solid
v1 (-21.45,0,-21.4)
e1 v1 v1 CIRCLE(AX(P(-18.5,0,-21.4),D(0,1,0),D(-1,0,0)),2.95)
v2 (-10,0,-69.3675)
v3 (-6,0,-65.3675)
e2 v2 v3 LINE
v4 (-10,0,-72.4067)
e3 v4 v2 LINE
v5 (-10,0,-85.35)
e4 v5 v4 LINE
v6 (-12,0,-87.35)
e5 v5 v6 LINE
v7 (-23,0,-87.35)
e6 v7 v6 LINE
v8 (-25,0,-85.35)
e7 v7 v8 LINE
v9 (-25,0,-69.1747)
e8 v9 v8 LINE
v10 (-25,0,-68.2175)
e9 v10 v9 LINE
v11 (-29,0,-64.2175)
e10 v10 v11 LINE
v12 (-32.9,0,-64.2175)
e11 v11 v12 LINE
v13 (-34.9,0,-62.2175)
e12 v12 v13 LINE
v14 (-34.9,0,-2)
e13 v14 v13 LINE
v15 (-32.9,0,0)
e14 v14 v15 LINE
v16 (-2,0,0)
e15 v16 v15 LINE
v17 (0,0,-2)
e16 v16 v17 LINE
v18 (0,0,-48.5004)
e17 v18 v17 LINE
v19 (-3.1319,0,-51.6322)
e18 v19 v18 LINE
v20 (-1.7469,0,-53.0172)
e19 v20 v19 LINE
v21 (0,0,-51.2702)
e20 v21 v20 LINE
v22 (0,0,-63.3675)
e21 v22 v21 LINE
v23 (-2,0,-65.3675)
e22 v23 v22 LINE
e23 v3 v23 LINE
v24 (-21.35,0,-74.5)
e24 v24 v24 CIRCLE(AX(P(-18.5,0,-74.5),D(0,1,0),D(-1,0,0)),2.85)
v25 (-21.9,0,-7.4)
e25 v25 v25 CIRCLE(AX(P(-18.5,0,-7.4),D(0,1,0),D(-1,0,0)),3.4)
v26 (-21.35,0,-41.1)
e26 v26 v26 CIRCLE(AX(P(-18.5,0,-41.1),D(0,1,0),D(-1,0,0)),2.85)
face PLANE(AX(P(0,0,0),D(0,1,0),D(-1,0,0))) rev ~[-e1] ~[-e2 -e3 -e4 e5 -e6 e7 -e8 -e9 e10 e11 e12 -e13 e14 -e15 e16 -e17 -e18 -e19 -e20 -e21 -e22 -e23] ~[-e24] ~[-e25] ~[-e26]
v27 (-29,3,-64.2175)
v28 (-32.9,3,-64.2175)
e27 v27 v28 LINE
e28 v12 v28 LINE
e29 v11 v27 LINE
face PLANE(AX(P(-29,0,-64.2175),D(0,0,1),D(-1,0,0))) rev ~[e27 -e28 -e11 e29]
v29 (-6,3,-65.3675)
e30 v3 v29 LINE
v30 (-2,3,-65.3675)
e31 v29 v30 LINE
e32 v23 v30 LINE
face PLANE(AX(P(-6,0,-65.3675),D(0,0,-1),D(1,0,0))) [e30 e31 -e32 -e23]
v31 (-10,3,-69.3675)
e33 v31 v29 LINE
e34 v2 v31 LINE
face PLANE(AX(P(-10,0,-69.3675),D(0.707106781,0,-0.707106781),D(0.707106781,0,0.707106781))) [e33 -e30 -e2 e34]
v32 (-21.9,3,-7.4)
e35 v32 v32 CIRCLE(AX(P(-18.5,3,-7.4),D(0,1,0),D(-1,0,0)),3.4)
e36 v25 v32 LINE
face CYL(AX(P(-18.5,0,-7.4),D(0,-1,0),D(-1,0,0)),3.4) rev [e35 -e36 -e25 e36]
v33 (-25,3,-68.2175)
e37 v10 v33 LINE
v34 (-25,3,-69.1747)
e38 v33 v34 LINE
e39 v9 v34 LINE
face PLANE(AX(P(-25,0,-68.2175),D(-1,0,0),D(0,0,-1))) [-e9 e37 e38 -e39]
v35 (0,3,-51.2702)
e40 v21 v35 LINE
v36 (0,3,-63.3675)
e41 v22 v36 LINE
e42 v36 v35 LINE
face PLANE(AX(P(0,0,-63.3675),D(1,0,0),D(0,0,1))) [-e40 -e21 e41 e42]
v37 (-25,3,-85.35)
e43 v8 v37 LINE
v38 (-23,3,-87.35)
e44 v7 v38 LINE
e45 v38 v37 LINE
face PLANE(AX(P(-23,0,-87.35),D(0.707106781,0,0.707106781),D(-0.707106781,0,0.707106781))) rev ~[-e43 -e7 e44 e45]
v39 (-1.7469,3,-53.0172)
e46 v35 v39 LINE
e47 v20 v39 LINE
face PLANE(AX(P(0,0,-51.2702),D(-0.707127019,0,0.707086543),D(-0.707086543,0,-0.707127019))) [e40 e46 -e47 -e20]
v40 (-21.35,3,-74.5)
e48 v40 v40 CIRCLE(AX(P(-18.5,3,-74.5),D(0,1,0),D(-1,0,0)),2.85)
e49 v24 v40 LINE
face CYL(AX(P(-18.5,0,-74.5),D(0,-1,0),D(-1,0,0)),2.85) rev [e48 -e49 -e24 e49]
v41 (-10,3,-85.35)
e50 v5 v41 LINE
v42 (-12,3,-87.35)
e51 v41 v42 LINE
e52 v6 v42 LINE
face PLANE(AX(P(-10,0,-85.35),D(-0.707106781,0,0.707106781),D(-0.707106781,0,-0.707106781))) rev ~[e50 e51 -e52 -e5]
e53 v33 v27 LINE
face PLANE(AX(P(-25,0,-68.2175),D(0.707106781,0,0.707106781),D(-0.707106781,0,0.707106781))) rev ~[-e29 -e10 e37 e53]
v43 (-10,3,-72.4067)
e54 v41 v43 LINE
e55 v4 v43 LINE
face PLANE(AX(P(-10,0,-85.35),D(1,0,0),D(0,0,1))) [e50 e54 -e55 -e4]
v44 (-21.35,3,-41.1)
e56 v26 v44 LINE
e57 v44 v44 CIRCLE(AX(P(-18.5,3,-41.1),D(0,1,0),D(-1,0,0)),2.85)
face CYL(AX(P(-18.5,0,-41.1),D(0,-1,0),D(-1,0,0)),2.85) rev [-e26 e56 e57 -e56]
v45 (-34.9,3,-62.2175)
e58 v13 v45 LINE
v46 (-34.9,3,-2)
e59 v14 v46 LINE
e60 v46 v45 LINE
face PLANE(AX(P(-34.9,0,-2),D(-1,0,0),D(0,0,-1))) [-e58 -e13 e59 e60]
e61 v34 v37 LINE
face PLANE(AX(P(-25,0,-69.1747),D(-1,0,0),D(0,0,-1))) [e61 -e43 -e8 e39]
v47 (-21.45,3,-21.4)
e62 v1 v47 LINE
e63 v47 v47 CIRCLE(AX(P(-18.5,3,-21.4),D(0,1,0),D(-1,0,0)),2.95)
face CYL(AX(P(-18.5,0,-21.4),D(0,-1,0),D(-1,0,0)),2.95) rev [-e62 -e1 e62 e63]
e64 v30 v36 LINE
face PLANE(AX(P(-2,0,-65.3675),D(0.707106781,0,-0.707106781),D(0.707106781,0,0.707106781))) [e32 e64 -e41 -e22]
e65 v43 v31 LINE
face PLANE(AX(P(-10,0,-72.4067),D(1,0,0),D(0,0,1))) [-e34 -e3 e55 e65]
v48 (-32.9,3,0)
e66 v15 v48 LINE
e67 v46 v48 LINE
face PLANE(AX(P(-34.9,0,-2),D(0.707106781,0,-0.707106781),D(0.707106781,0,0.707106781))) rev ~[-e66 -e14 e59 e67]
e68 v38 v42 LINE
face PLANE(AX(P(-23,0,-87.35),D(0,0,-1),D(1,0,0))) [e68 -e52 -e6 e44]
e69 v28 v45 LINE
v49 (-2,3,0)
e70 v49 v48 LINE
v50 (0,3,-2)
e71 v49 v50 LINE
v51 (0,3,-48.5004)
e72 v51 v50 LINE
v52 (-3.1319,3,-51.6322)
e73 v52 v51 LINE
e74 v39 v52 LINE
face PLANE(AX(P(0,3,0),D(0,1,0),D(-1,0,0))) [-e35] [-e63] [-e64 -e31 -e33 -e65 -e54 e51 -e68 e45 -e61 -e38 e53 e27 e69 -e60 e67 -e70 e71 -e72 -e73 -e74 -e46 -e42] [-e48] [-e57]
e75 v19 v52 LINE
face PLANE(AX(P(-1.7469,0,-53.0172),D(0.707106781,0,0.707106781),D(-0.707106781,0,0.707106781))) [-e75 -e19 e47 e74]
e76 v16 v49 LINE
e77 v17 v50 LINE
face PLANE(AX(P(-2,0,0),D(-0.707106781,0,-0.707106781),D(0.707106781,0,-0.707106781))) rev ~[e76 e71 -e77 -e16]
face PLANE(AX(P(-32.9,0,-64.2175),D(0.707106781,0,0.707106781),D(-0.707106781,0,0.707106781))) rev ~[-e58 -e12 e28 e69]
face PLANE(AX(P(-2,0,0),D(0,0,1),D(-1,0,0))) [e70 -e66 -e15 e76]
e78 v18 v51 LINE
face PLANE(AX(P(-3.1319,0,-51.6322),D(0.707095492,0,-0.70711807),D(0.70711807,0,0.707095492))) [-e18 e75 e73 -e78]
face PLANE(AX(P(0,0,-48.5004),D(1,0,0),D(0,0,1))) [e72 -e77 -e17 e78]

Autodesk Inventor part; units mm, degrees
ref_plane "YZ Plane" through (0, 0, 0) normal (1, 0, 0) x (0, 1, 0)
ref_plane "XZ Plane" through (0, 0, 0) normal (0, 1, 0) x (-1, 0, 0)
ref_plane "XY Plane" through (0, 0, 0) normal (0, 0, 1) x (1, 0, 0)
sketch "스케치1" plane through (0, 0, 0) normal (0, 1, 0) x (-1, 0, 0)
  line L0 (2, 0) -> (32.9, 0)
  line L1 (34.9, -2) -> (34.9, -62.2175)
  line L2 (23, -87.35) -> (12, -87.35)
  circle A0 centre (18.5, -7.4) radius 3.4
  circle A1 centre (18.5, -21.4) radius 2.95
  line L3 (25, -87.35) -> (10, -87.35)
  line L4 (10, -85.35) -> (10, -65.3675)
  line L5 (25, -64.2175) -> (25, -85.35)
  line L6 (29, -64.2175) -> (32.9, -64.2175)
  line L7 (25, -69.1747) -> (25, -68.2175)
  line L8 (6, -65.3675) -> (2, -65.3675)
  line L9 (10, -72.4067) -> (10, -69.3675)
  line L10 (34.9, -2) -> (32.9, 0)
  line L11 (2, 0) -> (0, -2)
  line L12 (10, -85.35) -> (12, -87.35)
  line L13 (23, -87.35) -> (25, -85.35)
  line L14 (32.9, -64.2175) -> (34.9, -62.2175)
  line L15 (2, -65.3675) -> (0, -63.3675)
  line L16 (25, -68.2175) -> (29, -64.2175)
  line L17 (10, -69.3675) -> (6, -65.3675)
  circle A2 centre (18.5, -41.1) radius 2.85
  circle A3 centre (18.5, -74.5) radius 2.85
  line L18 (0, -51.2702) -> (1.7469, -53.0172)
  line L19 (1.7469, -53.0172) -> (3.1319, -51.6322)
  line L20 (3.1319, -51.6322) -> (0, -48.5004)
  line L21 (0, -63.3675) -> (0, -51.2702)
  line L22 (0, -48.5004) -> (0, -2)
  point P0 (0, 0)
  point P1 (34.9, 0)
  point P2 (0, -65.3675)
  point P3 (34.9, -64.2175)
  point P4 (17.5, -87.35)
  point P5 (25, -68.2175)
  dimension "d0" = 13
  dimension "d2" = 4
  dimension "d3" = 6.8
  dimension "d4" = 5.9
  dimension "d8" = 63
  dimension "d13" = 2
  dimension "d14" = 2
  dimension "d15" = 2
  dimension "d16" = 2
  dimension "d17" = 2
  dimension "d18" = 2
  dimension "d19" = 2
  dimension "d20" = 2
  dimension "d21" = 2
  dimension "d22" = 2
  dimension "d23" = 2
  dimension "d24" = 2
  dimension "d25" = 4
  dimension "d26" = 4
  dimension "d27" = 4
  dimension "d28" = 4
  dimension "d29" = 5.7
  dimension "d30" = 5.7
  dimension "d38" = 14
  dimension "d39" = 19.7
  dimension "d40" = 33.4
extrude "돌출2" add sketch "스케치1" along normal blind 3
equation "\"d14\" = d13"
equation "\"d15\" = d13"
equation "\"d16\" = d15"
equation "\"d17\" = d13"
equation "\"d18\" = d17"
equation "\"d19\" = d13"
equation "\"d20\" = d19"
equation "\"d21\" = d13"
equation "\"d22\" = d21"
equation "\"d23\" = d13"
equation "\"d24\" = d23"
equation "\"d26\" = d25"
equation "\"d27\" = d25"
equation "\"d28\" = d27"
equation "\"d30\" = d29"
equation "\"d33\" = d32"
equation "\"d32\" = 18.5"
properties part number "B3-camera"
